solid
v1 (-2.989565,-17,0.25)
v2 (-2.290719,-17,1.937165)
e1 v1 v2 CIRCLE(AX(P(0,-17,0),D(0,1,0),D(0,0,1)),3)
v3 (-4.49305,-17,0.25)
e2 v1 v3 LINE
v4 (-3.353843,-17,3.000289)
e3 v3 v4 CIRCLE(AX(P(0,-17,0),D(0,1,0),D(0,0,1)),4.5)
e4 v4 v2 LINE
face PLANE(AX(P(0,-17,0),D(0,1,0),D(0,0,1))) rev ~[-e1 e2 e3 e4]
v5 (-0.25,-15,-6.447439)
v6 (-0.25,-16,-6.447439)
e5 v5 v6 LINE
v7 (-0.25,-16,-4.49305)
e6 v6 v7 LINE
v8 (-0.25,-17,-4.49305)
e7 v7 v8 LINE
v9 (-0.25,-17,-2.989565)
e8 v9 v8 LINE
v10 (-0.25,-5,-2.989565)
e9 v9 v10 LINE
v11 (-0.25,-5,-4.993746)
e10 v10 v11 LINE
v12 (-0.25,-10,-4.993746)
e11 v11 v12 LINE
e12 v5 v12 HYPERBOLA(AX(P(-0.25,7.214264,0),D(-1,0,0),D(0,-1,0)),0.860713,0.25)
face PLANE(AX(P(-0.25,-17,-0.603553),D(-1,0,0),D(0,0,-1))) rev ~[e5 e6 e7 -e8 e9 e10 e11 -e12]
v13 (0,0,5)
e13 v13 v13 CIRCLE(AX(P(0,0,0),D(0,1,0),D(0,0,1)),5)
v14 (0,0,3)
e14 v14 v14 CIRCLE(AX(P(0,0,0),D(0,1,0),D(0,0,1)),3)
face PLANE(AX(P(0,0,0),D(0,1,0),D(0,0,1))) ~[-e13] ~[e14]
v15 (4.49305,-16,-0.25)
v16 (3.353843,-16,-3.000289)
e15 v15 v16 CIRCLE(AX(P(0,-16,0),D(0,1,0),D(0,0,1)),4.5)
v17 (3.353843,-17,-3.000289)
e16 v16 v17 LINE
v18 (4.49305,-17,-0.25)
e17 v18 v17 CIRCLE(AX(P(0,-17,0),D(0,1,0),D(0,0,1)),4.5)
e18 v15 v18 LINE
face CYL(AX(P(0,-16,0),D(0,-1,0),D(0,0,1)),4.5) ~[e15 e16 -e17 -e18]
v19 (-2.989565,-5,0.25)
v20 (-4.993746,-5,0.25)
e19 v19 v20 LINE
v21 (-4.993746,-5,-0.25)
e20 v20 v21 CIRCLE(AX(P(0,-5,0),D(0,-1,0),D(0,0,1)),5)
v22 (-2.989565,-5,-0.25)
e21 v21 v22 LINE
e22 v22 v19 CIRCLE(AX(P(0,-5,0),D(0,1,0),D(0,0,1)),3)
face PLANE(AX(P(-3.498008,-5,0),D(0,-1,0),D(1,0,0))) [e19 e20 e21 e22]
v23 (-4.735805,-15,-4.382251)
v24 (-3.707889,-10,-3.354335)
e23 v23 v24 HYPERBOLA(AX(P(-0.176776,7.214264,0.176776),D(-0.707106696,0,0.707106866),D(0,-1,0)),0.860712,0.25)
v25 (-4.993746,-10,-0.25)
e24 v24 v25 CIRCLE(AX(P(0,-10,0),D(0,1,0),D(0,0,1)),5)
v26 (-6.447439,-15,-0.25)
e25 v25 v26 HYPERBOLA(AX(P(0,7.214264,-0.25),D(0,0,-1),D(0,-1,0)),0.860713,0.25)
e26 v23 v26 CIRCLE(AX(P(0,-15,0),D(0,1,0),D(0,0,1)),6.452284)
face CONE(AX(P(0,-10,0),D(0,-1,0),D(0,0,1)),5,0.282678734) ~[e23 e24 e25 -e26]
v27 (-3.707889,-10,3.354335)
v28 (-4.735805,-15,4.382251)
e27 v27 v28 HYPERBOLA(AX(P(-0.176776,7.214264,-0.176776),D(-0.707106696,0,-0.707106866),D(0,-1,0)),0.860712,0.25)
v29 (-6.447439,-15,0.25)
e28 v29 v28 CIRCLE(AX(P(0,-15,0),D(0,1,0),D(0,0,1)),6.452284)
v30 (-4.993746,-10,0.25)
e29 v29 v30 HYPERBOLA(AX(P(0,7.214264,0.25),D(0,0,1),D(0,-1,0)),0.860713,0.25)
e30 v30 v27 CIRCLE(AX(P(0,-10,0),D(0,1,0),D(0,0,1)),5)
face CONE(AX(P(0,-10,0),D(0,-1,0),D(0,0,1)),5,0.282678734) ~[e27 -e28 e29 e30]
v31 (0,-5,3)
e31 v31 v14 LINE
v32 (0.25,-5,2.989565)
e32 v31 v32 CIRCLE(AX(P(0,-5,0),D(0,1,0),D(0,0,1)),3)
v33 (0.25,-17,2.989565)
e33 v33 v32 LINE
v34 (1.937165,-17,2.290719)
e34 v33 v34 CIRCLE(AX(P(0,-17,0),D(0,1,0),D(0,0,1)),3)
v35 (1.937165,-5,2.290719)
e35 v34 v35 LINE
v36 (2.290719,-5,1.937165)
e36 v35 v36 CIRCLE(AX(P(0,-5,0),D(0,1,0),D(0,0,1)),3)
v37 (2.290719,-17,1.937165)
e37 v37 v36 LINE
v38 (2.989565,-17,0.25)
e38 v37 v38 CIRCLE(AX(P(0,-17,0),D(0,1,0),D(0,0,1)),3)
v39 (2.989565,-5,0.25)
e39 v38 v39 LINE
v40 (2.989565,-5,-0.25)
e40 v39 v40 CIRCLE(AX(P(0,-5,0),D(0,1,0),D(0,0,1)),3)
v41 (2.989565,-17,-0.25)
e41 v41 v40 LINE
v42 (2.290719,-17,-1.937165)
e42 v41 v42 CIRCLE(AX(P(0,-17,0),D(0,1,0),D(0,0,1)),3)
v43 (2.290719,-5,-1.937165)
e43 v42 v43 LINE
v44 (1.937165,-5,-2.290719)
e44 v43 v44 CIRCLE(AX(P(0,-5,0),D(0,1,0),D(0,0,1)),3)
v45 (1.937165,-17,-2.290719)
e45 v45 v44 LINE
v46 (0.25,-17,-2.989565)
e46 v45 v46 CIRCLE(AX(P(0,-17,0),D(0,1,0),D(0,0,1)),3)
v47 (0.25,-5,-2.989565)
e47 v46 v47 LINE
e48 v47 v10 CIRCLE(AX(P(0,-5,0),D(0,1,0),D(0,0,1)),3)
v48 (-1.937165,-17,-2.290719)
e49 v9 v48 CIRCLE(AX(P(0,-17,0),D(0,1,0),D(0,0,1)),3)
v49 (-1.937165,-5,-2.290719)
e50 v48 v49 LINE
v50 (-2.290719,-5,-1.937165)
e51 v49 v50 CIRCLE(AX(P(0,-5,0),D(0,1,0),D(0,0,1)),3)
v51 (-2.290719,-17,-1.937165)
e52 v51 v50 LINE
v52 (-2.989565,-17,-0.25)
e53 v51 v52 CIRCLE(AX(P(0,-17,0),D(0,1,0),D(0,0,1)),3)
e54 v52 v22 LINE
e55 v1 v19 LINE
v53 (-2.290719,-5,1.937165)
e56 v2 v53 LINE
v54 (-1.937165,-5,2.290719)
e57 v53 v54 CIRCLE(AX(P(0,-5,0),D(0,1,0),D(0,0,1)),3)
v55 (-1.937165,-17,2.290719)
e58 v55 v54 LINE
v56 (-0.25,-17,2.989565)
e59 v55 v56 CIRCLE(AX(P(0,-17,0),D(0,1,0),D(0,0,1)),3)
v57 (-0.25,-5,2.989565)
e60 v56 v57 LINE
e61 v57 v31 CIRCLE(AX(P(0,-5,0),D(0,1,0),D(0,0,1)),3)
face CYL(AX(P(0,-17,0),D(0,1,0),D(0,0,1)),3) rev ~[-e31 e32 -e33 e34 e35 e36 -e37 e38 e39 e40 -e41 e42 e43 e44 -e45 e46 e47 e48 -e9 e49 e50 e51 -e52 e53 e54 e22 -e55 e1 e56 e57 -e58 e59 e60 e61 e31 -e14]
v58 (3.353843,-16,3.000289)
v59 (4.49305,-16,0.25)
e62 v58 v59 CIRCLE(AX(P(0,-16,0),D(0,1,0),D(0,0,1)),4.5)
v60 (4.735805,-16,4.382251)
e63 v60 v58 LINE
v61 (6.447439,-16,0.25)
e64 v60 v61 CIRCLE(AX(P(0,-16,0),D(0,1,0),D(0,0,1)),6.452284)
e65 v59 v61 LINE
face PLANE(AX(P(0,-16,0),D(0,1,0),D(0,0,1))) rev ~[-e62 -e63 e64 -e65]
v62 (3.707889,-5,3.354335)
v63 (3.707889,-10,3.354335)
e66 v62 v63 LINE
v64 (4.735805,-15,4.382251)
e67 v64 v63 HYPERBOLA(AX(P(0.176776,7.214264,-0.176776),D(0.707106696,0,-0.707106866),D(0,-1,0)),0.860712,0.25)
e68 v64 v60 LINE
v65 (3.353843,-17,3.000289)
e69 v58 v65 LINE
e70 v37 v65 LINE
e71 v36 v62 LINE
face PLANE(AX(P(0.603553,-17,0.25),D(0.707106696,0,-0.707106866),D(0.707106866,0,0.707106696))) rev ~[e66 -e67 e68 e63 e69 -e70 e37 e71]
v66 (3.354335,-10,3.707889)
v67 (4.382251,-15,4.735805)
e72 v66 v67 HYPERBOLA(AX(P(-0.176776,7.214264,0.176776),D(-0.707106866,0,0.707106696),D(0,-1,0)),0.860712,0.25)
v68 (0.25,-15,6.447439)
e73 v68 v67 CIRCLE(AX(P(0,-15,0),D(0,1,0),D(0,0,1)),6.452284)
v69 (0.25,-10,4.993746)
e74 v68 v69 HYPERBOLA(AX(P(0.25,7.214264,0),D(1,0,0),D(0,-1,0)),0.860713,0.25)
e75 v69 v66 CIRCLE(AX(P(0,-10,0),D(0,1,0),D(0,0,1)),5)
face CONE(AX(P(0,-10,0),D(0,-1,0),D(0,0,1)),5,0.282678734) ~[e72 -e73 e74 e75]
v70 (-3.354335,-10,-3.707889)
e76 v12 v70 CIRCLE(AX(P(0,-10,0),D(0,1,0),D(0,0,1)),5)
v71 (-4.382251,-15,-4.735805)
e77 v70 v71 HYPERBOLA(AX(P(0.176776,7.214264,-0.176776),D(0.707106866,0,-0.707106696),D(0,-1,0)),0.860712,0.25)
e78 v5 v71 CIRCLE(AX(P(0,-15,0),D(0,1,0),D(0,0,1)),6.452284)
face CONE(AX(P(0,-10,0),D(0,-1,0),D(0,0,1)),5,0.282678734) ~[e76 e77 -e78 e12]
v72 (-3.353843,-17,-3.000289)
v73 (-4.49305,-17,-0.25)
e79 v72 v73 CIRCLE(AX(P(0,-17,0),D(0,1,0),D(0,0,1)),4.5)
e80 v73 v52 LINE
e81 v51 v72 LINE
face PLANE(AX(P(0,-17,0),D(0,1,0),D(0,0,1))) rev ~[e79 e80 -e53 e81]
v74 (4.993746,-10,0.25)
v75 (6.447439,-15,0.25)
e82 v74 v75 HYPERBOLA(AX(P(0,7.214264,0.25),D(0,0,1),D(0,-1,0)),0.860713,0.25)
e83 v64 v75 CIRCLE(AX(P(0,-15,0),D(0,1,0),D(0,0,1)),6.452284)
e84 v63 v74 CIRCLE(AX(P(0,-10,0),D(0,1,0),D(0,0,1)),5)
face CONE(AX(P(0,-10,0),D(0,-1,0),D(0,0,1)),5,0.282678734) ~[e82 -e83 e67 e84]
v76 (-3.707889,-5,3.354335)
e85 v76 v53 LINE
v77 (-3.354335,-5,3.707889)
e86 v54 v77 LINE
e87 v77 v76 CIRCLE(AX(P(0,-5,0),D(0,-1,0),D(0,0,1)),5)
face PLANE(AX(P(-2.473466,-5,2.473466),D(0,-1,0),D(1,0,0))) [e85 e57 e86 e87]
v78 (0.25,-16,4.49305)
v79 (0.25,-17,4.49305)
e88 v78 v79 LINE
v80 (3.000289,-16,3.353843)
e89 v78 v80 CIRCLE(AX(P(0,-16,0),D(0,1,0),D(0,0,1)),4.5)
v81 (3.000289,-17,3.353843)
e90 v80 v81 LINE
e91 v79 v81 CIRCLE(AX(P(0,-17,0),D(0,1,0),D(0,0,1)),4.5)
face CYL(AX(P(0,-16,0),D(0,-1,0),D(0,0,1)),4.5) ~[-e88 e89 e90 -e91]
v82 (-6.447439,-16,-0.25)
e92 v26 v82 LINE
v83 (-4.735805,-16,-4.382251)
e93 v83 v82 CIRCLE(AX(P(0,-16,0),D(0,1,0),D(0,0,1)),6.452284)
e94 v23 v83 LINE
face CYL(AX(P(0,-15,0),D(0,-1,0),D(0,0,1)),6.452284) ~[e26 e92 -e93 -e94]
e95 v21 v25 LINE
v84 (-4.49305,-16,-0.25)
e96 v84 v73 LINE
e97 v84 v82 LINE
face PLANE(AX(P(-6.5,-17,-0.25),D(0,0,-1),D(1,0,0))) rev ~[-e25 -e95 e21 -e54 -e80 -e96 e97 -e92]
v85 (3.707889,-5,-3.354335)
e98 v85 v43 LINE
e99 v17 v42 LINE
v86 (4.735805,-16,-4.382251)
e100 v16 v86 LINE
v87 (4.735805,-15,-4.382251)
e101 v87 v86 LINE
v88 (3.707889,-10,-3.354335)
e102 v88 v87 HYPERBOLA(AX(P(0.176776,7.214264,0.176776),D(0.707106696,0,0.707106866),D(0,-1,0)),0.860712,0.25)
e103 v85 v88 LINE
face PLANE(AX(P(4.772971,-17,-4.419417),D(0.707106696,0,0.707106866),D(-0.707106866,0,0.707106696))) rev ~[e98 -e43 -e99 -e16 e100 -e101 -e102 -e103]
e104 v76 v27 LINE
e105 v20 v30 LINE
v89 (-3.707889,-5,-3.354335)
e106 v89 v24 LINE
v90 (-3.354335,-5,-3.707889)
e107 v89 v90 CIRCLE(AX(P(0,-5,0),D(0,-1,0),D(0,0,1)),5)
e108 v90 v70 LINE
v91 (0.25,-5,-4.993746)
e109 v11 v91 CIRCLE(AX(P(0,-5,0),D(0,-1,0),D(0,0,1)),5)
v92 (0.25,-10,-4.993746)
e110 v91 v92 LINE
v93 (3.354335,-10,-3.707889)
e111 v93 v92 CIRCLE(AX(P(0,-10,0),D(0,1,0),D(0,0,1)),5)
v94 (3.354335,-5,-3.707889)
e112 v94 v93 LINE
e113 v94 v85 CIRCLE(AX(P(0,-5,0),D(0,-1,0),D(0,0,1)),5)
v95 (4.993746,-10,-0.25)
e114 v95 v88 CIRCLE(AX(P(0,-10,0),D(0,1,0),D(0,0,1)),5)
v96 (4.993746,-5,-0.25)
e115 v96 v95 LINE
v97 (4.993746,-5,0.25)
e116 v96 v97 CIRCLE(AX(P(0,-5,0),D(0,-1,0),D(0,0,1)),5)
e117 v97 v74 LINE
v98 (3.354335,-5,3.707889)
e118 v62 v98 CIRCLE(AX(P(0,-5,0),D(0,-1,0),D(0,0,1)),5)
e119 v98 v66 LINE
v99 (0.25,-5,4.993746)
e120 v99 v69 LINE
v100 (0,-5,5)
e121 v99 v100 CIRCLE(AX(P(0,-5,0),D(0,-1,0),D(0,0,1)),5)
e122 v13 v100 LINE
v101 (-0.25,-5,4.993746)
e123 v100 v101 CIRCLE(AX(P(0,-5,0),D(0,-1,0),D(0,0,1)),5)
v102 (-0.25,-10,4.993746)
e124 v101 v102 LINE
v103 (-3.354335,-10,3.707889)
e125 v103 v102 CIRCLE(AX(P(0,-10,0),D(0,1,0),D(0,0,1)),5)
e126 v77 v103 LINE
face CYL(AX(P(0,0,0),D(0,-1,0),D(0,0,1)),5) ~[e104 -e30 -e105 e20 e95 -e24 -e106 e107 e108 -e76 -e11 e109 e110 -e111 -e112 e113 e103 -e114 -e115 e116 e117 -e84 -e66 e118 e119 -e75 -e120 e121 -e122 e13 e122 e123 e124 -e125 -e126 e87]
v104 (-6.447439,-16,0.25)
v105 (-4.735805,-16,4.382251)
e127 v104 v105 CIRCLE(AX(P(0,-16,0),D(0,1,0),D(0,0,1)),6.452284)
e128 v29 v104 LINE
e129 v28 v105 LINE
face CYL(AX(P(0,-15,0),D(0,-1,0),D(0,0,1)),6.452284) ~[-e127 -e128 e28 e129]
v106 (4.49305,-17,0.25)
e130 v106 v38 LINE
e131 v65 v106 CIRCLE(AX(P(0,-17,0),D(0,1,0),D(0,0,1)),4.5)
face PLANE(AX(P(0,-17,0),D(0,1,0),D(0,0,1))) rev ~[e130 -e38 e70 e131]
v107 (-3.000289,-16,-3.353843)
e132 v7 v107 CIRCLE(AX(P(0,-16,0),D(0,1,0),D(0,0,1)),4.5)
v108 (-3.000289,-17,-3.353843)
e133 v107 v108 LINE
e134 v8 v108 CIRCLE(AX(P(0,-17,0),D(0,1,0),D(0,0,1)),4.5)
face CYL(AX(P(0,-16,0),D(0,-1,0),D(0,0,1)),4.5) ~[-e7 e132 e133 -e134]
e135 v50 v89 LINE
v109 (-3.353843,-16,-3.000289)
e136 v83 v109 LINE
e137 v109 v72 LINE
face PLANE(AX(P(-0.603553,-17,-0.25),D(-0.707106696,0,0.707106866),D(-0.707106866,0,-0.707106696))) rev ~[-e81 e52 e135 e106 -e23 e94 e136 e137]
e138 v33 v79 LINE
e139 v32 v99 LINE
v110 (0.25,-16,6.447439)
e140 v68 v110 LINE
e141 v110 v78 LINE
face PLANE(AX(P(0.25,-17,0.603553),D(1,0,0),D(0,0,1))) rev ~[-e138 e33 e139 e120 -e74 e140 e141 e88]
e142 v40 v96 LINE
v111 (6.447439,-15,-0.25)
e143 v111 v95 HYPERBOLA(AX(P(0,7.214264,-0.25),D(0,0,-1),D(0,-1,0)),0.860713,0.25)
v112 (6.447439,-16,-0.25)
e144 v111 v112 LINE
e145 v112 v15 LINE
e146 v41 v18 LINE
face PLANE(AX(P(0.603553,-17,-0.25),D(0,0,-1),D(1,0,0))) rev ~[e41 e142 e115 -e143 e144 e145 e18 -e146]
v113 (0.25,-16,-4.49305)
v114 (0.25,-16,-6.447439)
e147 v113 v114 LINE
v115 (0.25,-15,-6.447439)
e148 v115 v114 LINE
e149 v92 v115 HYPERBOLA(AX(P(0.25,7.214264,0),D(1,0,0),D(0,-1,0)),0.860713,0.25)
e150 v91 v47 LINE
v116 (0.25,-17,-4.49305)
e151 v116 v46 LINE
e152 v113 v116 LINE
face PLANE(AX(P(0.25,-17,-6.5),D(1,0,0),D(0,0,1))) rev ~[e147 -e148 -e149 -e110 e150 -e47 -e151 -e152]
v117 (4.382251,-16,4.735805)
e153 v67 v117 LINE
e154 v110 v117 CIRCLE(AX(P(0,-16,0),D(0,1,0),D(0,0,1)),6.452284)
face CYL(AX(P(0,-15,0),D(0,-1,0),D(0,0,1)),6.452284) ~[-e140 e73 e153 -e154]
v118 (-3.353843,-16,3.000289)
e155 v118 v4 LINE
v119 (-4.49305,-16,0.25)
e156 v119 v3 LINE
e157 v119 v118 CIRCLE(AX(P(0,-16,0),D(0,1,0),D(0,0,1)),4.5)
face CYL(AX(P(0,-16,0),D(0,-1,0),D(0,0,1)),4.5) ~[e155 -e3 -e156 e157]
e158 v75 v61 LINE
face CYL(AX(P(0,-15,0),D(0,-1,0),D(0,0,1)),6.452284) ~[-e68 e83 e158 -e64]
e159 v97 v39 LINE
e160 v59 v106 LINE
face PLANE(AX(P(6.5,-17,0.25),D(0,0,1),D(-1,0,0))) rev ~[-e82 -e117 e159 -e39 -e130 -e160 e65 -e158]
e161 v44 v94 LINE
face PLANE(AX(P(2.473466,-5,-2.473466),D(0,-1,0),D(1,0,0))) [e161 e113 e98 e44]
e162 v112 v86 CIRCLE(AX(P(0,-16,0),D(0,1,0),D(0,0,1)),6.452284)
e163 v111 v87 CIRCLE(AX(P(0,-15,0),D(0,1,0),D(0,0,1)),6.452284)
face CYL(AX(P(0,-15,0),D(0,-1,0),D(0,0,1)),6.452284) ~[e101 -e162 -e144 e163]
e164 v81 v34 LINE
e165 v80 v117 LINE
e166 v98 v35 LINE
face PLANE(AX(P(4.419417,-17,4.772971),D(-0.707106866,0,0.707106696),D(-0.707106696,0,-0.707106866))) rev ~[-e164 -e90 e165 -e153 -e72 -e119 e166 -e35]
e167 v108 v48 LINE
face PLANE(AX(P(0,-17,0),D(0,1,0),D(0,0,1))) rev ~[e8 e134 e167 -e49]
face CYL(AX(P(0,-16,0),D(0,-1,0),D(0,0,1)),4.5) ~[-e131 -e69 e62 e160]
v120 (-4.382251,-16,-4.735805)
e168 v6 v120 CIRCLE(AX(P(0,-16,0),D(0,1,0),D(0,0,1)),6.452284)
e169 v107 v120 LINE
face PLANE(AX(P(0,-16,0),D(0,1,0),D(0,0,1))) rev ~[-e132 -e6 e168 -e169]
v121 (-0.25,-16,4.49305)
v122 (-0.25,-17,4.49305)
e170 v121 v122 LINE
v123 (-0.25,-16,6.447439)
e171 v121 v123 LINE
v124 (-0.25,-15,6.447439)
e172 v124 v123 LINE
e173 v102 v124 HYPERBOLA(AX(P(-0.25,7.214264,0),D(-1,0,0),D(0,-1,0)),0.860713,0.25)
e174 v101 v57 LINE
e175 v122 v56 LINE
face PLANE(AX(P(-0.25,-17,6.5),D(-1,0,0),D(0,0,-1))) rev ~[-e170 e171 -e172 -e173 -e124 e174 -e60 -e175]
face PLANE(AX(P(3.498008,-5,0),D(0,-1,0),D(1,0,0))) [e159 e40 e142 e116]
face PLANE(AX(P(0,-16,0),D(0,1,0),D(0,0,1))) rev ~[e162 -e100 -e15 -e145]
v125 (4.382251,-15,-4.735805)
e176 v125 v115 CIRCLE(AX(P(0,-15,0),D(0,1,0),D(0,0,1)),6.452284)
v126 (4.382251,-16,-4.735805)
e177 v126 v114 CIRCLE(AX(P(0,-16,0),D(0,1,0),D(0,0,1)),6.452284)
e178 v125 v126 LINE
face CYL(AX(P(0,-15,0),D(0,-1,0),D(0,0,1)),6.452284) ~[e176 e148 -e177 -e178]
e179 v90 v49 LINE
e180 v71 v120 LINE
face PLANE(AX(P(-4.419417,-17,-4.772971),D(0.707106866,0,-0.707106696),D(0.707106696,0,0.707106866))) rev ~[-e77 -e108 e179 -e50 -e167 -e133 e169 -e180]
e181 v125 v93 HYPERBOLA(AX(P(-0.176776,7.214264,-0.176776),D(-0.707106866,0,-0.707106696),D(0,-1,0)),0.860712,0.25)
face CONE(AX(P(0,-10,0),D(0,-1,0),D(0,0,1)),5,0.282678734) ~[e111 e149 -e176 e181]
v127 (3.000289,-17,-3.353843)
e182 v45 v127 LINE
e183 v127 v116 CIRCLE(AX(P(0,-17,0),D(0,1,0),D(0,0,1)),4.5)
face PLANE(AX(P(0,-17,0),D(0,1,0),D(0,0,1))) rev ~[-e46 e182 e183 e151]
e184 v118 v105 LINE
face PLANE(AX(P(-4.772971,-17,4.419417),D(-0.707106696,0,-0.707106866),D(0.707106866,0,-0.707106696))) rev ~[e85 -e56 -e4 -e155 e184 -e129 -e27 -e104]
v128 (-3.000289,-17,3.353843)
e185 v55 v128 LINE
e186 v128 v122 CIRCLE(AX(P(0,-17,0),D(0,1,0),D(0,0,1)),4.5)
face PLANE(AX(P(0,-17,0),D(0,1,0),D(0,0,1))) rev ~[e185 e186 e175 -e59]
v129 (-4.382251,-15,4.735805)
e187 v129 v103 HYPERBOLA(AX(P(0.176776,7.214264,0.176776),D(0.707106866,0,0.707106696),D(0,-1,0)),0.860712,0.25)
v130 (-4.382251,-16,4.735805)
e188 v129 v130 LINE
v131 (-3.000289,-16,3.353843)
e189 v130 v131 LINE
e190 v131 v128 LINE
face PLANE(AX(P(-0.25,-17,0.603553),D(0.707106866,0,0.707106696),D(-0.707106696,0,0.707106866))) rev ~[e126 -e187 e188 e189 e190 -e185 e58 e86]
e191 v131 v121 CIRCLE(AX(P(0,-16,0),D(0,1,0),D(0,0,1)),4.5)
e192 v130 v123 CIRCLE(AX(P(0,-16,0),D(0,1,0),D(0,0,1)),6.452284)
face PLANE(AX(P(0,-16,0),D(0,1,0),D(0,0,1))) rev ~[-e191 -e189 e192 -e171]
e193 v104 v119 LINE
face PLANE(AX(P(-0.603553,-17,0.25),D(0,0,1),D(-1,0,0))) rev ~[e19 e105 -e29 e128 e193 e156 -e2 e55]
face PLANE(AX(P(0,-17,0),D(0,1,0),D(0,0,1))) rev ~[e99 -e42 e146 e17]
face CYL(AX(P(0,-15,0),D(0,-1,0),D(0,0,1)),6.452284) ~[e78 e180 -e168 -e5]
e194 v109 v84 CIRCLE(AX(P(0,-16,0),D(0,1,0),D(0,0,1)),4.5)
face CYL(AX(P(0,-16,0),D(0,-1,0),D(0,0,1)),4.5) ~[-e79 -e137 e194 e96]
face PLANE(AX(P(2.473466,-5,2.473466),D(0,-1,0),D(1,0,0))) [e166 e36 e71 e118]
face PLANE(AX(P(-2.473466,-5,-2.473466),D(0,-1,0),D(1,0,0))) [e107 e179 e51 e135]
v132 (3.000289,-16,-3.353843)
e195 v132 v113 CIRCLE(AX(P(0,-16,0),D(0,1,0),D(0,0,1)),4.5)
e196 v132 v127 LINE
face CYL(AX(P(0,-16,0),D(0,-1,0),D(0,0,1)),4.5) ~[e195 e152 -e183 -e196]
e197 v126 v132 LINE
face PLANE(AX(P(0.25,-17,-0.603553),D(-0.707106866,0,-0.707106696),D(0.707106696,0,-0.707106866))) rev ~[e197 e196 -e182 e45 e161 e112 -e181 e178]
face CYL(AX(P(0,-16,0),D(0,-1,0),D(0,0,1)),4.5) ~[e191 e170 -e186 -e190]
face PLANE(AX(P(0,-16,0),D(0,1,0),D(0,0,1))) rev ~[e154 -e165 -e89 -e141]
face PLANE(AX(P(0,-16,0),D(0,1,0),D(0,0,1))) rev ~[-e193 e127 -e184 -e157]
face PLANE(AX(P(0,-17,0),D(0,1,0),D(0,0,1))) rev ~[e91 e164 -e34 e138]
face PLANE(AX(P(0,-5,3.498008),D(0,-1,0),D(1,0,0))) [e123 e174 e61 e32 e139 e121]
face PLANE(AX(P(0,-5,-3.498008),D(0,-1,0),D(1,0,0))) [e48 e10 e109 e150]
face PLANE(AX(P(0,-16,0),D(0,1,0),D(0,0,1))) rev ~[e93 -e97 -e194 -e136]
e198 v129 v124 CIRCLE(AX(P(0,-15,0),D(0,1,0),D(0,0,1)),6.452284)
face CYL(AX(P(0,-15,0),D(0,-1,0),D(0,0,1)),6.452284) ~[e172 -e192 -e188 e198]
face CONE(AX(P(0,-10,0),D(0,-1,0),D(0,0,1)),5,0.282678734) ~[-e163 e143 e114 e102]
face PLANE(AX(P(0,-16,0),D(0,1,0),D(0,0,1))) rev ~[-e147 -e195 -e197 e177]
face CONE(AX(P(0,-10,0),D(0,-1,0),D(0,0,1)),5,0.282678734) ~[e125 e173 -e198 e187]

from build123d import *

# Parameters (mm, degrees)
F3_DEPTH = 12


with BuildPart() as f1:
    # F0 (on Right) → F1 (revolve)
    with BuildSketch(Plane.YZ):
        Polygon((0, 3), (0, 5), (-10, 5), (-15, 6.452284), (-16, 6.452284), (-16, 4.5), (-17, 4.5), (-17, 3), align=None)
    revolve(axis=Axis((0, -8.5, 0), (0, 1, 0)))

    # F2 (on face) → F3 (cut)
    with BuildSketch(Plane.XZ.offset(17)):
        Polygon((-0.603553, 0.25), (-0.25, 0.25), (-0.25, 0.603553), (-4.419417, 4.772971), (-4.772971, 4.419417), align=None)
        Polygon((-0.603553, -0.25), (-0.353553, 0), (-0.603553, 0.25), (-6.5, 0.25), (-6.5, -0.25), align=None)
        Polygon((-0.25, -0.603553), (-0.25, -0.25), (-0.603553, -0.25), (-4.772971, -4.419417), (-4.419417, -4.772971), align=None)
        Polygon((-0.25, 6.5), (-0.25, 0.603553), (0, 0.353553), (0.25, 0.603553), (0.25, 6.5), align=None)
        Polygon((0, -0.353553), (-0.25, -0.603553), (-0.25, -6.5), (0.25, -6.5), (0.25, -0.603553), align=None)
        Polygon((0.25, 0.603553), (0.25, 0.25), (0.603553, 0.25), (4.772971, 4.419417), (4.419417, 4.772971), align=None)
        Polygon((0.603553, 0.25), (0.353553, 0), (0.603553, -0.25), (6.5, -0.25), (6.5, 0.25), align=None)
        Polygon((0.603553, -0.25), (0.25, -0.25), (0.25, -0.603553), (4.419417, -4.772971), (4.772971, -4.419417), align=None)
    extrude(amount=-F3_DEPTH, mode=Mode.SUBTRACT)


solid = f1.part
